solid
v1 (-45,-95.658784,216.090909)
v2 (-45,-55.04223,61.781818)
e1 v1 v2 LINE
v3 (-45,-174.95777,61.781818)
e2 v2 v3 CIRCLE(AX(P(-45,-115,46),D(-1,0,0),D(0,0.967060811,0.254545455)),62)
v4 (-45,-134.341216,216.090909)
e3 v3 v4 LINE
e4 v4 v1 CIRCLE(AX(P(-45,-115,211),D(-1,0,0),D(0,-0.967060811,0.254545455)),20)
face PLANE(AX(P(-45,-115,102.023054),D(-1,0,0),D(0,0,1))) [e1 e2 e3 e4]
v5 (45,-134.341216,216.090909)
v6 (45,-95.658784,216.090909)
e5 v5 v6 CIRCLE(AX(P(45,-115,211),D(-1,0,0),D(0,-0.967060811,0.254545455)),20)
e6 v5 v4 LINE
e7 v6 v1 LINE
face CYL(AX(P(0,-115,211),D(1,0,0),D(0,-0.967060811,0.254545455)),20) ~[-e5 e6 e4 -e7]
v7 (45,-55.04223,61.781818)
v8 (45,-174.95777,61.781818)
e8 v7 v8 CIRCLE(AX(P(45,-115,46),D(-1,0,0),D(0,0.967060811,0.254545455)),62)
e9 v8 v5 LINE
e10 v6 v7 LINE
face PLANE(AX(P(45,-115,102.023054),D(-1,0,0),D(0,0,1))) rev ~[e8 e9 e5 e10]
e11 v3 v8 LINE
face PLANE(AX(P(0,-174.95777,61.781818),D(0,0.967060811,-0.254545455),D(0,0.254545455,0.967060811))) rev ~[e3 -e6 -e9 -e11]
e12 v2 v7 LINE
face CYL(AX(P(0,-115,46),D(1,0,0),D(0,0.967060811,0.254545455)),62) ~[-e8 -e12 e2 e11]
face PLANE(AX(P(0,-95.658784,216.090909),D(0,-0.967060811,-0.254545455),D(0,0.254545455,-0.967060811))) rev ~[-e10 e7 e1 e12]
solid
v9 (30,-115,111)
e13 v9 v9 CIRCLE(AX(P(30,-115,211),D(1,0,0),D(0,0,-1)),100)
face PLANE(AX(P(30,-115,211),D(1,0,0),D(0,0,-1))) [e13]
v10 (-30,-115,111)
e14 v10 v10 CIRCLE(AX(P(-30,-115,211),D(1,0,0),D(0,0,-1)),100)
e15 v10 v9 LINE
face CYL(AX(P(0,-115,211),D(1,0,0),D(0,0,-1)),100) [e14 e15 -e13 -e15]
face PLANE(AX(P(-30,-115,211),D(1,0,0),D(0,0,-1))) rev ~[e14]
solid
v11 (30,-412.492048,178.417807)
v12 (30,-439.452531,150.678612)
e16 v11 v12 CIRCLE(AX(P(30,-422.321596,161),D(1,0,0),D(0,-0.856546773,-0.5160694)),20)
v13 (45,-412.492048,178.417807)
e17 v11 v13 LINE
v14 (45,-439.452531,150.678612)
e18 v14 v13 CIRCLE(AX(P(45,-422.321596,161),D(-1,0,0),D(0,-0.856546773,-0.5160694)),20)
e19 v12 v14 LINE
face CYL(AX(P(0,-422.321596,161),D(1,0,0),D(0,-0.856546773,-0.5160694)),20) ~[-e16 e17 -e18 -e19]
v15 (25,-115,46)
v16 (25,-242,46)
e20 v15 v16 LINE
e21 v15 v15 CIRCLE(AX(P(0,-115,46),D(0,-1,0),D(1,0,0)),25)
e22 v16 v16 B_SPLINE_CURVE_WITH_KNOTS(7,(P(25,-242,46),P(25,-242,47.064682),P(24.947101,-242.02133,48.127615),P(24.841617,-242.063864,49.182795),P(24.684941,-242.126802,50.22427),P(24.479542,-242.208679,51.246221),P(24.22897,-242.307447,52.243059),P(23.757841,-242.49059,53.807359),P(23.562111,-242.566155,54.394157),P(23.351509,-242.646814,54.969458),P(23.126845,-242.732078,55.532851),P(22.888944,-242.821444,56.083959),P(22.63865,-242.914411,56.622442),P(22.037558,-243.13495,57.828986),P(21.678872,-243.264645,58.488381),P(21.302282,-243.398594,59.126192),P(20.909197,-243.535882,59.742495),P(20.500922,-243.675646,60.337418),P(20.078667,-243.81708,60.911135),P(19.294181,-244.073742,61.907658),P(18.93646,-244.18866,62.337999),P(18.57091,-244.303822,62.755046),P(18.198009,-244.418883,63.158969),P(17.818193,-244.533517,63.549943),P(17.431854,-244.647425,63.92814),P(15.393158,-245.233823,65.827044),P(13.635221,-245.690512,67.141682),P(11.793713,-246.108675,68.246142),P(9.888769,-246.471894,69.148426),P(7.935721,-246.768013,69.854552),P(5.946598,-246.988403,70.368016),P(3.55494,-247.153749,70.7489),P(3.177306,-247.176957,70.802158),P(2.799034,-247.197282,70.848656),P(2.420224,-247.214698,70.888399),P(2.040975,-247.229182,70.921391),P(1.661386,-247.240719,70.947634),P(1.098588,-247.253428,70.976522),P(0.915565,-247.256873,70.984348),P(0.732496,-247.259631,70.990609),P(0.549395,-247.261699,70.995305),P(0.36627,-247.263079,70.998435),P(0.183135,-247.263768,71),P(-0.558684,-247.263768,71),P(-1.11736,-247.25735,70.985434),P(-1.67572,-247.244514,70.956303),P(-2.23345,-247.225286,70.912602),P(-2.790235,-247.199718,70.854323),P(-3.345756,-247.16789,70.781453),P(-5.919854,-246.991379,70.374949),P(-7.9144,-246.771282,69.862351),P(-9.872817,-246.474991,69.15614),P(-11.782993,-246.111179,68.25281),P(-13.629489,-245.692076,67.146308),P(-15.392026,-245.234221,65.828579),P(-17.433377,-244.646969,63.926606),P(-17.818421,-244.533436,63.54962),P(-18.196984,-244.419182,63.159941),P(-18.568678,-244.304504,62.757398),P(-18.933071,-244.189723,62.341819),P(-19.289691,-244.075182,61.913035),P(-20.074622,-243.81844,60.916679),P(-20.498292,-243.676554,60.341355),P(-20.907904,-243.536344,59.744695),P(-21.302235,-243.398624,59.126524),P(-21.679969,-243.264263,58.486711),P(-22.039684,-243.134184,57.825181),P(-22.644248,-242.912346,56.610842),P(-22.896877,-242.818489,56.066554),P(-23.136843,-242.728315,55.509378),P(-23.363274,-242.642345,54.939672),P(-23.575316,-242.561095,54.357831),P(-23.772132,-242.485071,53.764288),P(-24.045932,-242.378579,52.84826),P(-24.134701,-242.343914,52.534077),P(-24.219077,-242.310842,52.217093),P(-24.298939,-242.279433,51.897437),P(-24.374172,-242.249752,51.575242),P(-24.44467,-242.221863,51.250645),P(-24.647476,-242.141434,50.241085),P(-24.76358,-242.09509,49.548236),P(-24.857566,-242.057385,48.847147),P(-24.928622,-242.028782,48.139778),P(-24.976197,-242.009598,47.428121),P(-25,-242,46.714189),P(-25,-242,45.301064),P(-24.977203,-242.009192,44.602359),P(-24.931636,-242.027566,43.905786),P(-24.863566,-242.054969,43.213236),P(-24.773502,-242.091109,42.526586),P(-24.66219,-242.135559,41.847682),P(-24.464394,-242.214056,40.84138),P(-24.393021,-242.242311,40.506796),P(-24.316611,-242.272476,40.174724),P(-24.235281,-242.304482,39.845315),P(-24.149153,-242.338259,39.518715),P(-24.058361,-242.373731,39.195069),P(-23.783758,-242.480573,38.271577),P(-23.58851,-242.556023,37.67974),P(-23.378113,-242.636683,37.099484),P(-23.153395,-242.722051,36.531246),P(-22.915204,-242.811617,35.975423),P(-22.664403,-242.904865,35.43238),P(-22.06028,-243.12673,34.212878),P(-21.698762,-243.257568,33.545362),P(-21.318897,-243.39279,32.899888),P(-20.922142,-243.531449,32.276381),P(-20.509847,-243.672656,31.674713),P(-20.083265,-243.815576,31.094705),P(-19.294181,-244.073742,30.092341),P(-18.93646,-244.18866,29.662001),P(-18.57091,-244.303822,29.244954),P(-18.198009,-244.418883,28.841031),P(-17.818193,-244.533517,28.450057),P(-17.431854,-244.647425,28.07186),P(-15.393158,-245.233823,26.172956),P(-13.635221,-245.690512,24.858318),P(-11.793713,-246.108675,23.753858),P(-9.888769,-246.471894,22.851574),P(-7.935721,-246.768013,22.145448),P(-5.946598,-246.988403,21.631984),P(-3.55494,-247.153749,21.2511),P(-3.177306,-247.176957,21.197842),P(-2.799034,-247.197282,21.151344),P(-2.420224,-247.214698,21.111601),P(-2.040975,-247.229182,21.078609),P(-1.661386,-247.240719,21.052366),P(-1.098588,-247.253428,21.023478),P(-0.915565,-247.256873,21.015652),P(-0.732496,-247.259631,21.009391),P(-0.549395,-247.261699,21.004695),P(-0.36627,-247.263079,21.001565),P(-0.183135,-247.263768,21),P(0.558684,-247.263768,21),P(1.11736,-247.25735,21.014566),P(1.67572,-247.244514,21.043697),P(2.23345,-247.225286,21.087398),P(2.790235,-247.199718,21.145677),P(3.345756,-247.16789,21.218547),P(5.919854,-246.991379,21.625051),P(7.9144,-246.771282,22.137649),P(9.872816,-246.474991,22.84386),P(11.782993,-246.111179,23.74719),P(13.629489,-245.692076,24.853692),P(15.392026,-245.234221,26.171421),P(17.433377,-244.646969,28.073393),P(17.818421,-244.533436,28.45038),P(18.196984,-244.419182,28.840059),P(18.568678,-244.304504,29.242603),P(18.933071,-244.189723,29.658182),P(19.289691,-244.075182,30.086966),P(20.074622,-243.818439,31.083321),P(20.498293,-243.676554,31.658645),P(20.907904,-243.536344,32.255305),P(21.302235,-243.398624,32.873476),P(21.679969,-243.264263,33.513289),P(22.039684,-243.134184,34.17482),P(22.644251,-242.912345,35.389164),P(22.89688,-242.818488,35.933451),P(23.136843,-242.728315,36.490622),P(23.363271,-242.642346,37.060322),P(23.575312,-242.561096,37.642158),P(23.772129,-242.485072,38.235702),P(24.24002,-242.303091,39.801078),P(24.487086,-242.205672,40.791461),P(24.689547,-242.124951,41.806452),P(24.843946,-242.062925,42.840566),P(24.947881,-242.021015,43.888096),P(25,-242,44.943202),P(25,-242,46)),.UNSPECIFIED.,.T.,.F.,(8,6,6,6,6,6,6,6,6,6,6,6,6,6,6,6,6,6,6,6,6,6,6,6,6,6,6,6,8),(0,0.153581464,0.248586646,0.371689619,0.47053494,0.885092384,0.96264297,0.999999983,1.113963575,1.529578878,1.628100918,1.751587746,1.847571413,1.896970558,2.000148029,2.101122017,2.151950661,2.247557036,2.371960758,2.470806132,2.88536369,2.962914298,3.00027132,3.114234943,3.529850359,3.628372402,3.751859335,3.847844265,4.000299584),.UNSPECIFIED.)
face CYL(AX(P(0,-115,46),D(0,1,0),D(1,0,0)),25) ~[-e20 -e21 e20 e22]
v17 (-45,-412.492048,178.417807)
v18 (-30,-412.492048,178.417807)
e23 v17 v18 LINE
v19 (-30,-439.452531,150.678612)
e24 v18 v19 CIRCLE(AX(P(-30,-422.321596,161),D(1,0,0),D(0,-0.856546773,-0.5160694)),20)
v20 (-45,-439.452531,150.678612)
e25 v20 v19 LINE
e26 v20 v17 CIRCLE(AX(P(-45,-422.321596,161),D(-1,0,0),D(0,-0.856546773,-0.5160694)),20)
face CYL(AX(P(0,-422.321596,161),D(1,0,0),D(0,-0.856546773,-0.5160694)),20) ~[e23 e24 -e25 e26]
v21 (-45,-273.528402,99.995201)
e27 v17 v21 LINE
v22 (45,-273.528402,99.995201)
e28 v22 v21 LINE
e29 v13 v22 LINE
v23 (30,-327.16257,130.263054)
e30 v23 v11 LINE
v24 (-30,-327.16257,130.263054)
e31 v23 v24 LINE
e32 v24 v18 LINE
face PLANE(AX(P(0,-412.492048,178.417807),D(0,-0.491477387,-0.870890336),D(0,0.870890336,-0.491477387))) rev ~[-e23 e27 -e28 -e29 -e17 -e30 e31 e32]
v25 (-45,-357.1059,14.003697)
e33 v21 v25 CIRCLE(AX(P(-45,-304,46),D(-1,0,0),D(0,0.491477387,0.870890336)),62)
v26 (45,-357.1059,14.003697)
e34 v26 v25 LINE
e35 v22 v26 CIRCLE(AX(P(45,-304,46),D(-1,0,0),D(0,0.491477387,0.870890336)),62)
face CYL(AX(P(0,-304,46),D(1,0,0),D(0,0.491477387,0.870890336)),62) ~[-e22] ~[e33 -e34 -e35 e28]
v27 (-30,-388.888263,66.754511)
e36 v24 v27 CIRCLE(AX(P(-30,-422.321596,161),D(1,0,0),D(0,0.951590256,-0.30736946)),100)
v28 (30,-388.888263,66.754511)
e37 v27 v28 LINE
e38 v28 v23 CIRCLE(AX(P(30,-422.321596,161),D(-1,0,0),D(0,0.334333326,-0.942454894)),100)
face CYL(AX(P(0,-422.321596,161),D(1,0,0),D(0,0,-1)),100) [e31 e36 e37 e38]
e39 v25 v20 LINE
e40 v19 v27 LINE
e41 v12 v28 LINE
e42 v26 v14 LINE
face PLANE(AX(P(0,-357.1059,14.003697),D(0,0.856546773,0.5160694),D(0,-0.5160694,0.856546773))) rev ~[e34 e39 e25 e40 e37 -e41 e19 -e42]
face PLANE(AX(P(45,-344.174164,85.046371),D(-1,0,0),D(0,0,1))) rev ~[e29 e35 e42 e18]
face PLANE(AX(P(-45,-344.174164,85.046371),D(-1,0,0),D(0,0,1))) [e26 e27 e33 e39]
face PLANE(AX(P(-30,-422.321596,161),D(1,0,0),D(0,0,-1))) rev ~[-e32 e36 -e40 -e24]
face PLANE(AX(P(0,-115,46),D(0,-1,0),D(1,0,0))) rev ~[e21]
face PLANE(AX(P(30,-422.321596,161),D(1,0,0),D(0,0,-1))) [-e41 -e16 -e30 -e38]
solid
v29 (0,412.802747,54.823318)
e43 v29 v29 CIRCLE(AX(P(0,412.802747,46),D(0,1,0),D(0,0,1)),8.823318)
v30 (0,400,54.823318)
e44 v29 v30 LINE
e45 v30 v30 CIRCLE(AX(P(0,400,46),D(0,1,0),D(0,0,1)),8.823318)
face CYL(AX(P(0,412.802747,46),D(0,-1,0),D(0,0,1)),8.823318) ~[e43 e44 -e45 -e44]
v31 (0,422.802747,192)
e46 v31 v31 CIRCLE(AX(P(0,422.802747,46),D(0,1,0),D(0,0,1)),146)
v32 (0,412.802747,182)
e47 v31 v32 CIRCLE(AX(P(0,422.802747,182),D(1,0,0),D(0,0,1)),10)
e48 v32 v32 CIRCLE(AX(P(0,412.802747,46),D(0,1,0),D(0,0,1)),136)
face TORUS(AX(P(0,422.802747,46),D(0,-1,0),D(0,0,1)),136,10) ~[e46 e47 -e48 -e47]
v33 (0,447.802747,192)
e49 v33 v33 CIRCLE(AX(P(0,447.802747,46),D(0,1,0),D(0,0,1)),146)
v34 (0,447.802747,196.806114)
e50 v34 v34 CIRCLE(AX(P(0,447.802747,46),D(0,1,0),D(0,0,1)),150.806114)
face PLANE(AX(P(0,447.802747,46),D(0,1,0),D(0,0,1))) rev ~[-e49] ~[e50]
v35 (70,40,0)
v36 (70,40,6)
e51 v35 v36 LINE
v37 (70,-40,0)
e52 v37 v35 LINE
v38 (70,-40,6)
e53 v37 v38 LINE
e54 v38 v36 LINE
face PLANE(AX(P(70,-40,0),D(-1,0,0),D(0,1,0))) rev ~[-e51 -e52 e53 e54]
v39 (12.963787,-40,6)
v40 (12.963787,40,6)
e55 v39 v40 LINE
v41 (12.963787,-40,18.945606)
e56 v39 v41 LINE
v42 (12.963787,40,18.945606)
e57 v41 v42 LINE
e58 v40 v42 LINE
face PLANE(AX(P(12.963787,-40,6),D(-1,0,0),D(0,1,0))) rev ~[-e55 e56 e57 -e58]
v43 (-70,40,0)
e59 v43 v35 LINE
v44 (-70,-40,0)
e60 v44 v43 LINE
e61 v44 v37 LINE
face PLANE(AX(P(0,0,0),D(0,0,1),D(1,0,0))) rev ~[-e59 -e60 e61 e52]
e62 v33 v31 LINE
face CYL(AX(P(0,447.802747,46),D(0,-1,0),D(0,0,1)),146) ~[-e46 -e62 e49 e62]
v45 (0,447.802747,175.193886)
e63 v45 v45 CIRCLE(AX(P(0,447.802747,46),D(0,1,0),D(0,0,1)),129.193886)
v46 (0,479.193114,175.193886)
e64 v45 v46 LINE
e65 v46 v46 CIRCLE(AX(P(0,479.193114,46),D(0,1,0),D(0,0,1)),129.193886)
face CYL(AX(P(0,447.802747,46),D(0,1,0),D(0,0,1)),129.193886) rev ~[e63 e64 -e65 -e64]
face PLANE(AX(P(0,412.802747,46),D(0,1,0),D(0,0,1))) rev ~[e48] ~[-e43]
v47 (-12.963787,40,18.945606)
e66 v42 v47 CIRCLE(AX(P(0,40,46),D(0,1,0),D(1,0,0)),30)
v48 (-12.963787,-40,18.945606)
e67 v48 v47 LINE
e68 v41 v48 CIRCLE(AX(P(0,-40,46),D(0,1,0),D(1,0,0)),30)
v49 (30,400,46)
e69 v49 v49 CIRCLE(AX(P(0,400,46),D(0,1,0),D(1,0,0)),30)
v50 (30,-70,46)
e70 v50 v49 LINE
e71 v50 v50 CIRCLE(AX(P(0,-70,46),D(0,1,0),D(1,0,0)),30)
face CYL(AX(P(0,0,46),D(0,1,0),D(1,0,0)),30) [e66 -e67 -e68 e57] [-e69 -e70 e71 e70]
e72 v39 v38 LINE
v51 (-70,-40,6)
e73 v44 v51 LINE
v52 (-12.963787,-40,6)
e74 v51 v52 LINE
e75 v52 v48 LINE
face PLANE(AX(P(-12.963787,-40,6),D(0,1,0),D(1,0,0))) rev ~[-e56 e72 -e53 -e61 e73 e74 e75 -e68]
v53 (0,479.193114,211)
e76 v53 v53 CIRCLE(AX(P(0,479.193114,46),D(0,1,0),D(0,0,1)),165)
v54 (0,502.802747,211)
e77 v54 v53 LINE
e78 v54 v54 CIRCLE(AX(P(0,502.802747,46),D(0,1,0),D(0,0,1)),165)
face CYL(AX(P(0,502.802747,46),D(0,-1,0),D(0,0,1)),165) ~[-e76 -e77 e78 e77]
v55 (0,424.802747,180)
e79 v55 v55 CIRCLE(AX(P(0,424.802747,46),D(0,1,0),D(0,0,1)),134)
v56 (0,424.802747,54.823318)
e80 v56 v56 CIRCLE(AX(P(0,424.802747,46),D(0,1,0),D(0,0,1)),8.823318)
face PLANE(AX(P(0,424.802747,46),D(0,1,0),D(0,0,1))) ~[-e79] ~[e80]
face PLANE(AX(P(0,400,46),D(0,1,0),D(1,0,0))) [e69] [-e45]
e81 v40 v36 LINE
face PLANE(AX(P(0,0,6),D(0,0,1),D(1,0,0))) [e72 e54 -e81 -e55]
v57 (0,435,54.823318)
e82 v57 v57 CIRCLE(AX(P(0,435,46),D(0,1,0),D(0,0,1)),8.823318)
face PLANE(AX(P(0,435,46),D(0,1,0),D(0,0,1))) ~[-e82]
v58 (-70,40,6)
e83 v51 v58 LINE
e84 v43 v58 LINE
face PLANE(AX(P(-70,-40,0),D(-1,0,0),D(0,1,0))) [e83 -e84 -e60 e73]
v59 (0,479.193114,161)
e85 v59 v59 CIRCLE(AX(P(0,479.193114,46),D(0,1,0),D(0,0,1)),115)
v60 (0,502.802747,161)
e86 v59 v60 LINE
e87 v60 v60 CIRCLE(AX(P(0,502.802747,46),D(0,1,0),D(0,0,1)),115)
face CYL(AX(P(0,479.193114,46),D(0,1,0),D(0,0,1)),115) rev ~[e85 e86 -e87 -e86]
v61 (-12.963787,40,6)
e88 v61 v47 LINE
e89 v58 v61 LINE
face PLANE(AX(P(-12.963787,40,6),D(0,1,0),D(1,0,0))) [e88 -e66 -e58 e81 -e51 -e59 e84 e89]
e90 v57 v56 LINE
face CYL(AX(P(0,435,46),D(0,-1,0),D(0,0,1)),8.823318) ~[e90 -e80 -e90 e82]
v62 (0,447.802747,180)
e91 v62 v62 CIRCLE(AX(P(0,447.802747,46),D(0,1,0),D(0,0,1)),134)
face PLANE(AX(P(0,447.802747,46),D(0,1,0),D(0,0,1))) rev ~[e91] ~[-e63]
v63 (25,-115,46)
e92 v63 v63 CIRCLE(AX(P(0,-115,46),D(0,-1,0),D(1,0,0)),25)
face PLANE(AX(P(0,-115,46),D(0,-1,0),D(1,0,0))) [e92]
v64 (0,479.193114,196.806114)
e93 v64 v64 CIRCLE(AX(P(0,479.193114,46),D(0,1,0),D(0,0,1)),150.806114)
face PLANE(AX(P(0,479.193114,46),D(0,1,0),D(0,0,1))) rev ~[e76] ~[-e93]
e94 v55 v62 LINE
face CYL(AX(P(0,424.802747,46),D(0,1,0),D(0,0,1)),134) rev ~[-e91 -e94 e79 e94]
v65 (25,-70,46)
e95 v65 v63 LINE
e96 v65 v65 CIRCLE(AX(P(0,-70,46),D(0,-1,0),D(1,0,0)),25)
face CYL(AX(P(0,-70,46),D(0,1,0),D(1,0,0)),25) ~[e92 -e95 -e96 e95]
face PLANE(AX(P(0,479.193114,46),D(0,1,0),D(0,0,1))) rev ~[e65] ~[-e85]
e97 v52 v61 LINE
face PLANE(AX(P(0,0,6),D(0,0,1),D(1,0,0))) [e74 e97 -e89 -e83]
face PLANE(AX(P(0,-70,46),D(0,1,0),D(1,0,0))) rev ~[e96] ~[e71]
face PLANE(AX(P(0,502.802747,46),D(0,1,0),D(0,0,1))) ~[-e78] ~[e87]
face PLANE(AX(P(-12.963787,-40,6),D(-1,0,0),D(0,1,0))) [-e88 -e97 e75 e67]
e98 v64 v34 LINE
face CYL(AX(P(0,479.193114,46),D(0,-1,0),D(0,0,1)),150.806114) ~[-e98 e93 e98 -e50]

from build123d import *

# Parameters (mm, degrees)
SKETCH1_W                = 140
SKETCH1_H                = 80
BOSS_EXTRUDE1_DEPTH      = 6
SKETCH2_R                = 30
BOSS_EXTRUDE2_DEPTH      = 400
BOSS_EXTRUDE2_DEPTH_BACK = 70
SKETCH3_R                = 25
BOSS_EXTRUDE3_DEPTH      = 45
BOSS_EXTRUDE4_DEPTH      = 45
BOSS_EXTRUDE4_DEPTH_BACK = 45
SKETCH6_R                = 100
BOSS_EXTRUDE5_DEPTH      = 30
BOSS_EXTRUDE5_DEPTH_BACK = 30
SKETCH7_W                = 25.927573348
SKETCH7_H                = 80
BOSS_EXTRUDE6_DEPTH      = 12.945606
SKETCH9_R                = 25
BOSS_EXTRUDE7_DEPTH      = 189
BOSS_EXTRUDE8_DEPTH      = 45
BOSS_EXTRUDE8_DEPTH_BACK = 45
SKETCH11_R               = 100
BOSS_EXTRUDE9_DEPTH      = 30
BOSS_EXTRUDE9_DEPTH_BACK = 30


with BuildPart() as part:
    # Sketch1 → Boss-Extrude1 (new body)
    with BuildSketch(Plane.XY):
        Rectangle(SKETCH1_W, SKETCH1_H)
    extrude(amount=BOSS_EXTRUDE1_DEPTH)



with BuildPart() as body_2:
    # Sketch2 → Boss-Extrude2 (new body, two sides)
    with BuildSketch(Plane(origin=(0, 0, 0), x_dir=(1, 0, 0), z_dir=(0, 1, 0))) as boss_extrude2_sk:
        with Locations((0, -46)):
            Circle(SKETCH2_R)
    extrude(amount=BOSS_EXTRUDE2_DEPTH)
    extrude(boss_extrude2_sk.sketch, amount=-BOSS_EXTRUDE2_DEPTH_BACK)

    # Sketch3 → Boss-Extrude3 (add)
    with BuildSketch(Plane.XZ.offset(70)):
        with Locations((0, 46)):
            Circle(SKETCH3_R)
    extrude(amount=BOSS_EXTRUDE3_DEPTH)


with BuildPart() as body_3:
    # Sketch4 → Boss-Extrude4 (new body, two sides)
    with BuildSketch(Plane(origin=(0, 0, 0), x_dir=(0, 0, -1), z_dir=(1, 0, 0))) as boss_extrude4_sk:
        with BuildLine():
            Line((-61.781818182, -174.957770263), (-216.090909091, -134.341216214))
            ThreePointArc((-216.090909091, -134.341216214), (-231, -115), (-216.090909091, -95.658783786))
            Line((-216.090909091, -95.658783786), (-61.781818182, -55.042229737))
            ThreePointArc((-61.781818182, -55.042229737), (16, -115), (-61.781818182, -174.957770263))
        make_face()
    extrude(amount=BOSS_EXTRUDE4_DEPTH)
    extrude(boss_extrude4_sk.sketch, amount=-BOSS_EXTRUDE4_DEPTH_BACK)


with BuildPart() as body_4:
    # Sketch6 → Boss-Extrude5 (new body, two sides)
    with BuildSketch(Plane(origin=(0, 0, 0), x_dir=(0, 0, -1), z_dir=(1, 0, 0))) as boss_extrude5_sk:
        with Locations((-211, -115)):
            Circle(SKETCH6_R)
    extrude(amount=BOSS_EXTRUDE5_DEPTH)
    extrude(boss_extrude5_sk.sketch, amount=-BOSS_EXTRUDE5_DEPTH_BACK)


with BuildPart() as part_1:
    add(part.part)

    add(body_2.part)  # Boss-Extrude6 merges body 2
    # Sketch7 → Boss-Extrude6 (add)
    with BuildSketch(Plane.XY.offset(6)):
        Rectangle(SKETCH7_W, SKETCH7_H)
    extrude(amount=BOSS_EXTRUDE6_DEPTH)

    # Sketch8 → Revolve1 (revolve)
    with BuildSketch(Plane(origin=(0, 0, 0), x_dir=(0, 0, -1), z_dir=(1, 0, 0))):
        with BuildLine():
            Line((-46, 400), (-46, 435))
            Line((-46, 435), (-54.823317896, 435))
            Line((-54.823317896, 435), (-54.823317896, 424.802746782))
            Line((-54.823317896, 424.802746782), (-180, 424.802746782))
            Line((-180, 424.802746782), (-180, 447.802746782))
            Line((-180, 447.802746782), (-175.193885925, 447.802746782))
            Line((-175.193885925, 447.802746782), (-175.193885925, 479.193114191))
            Line((-175.193885925, 479.193114191), (-161, 479.193114191))
            Line((-161, 479.193114191), (-161, 502.802746782))
            Line((-161, 502.802746782), (-211, 502.802746782))
            Line((-211, 502.802746782), (-211, 479.193114191))
            Line((-211, 479.193114191), (-196.806114075, 479.193114191))
            Line((-196.806114075, 479.193114191), (-196.806114075, 447.802746782))
            Line((-196.806114075, 447.802746782), (-192, 447.802746782))
            Line((-192, 447.802746782), (-192, 422.802746782))
            ThreePointArc((-192, 422.802746782), (-189.071067812, 415.731678971), (-182, 412.802746782))
            Line((-182, 412.802746782), (-54.823317896, 412.802746782))
            Line((-54.823317896, 412.802746782), (-54.823317896, 400))
            Line((-54.823317896, 400), (-46, 400))
        make_face()
    revolve(axis=Axis((0, 400, 46), (0, 1, 0)))


with BuildPart() as body_4_2:
    # Sketch9 → Boss-Extrude7 (new body)
    with BuildSketch(Plane.XZ.offset(115)):
        with Locations((0, 46)):
            Circle(SKETCH9_R)
    extrude(amount=BOSS_EXTRUDE7_DEPTH)

    # Sketch10 → Boss-Extrude8 (add, two sides)
    with BuildSketch(Plane(origin=(0, 0, 0), x_dir=(0, 0, -1), z_dir=(1, 0, 0))) as boss_extrude8_sk:
        with BuildLine():
            Line((-178.417806727, -412.492047919), (-99.995200853, -273.528401997))
            ThreePointArc((-99.995200853, -273.528401997), (-2.787878788, -259.539764054), (-14.003697219, -357.105899939))
            Line((-14.003697219, -357.105899939), (-150.678612006, -439.452531126))
            ThreePointArc((-150.678612006, -439.452531126), (-174.939393939, -436.663607257), (-178.417806727, -412.492047919))
        make_face()
    extrude(amount=BOSS_EXTRUDE8_DEPTH)
    extrude(boss_extrude8_sk.sketch, amount=-BOSS_EXTRUDE8_DEPTH_BACK)

    # Sketch11 → Boss-Extrude9 (add, two sides)
    with BuildSketch(Plane(origin=(0, 0, 0), x_dir=(0, 0, -1), z_dir=(1, 0, 0))) as boss_extrude9_sk:
        with Locations((-161, -422.321595662)):
            Circle(SKETCH11_R)
    extrude(amount=BOSS_EXTRUDE9_DEPTH)
    extrude(boss_extrude9_sk.sketch, amount=-BOSS_EXTRUDE9_DEPTH_BACK)


solid = Compound([body_3.part, body_4.part, part_1.part, body_4_2.part])
